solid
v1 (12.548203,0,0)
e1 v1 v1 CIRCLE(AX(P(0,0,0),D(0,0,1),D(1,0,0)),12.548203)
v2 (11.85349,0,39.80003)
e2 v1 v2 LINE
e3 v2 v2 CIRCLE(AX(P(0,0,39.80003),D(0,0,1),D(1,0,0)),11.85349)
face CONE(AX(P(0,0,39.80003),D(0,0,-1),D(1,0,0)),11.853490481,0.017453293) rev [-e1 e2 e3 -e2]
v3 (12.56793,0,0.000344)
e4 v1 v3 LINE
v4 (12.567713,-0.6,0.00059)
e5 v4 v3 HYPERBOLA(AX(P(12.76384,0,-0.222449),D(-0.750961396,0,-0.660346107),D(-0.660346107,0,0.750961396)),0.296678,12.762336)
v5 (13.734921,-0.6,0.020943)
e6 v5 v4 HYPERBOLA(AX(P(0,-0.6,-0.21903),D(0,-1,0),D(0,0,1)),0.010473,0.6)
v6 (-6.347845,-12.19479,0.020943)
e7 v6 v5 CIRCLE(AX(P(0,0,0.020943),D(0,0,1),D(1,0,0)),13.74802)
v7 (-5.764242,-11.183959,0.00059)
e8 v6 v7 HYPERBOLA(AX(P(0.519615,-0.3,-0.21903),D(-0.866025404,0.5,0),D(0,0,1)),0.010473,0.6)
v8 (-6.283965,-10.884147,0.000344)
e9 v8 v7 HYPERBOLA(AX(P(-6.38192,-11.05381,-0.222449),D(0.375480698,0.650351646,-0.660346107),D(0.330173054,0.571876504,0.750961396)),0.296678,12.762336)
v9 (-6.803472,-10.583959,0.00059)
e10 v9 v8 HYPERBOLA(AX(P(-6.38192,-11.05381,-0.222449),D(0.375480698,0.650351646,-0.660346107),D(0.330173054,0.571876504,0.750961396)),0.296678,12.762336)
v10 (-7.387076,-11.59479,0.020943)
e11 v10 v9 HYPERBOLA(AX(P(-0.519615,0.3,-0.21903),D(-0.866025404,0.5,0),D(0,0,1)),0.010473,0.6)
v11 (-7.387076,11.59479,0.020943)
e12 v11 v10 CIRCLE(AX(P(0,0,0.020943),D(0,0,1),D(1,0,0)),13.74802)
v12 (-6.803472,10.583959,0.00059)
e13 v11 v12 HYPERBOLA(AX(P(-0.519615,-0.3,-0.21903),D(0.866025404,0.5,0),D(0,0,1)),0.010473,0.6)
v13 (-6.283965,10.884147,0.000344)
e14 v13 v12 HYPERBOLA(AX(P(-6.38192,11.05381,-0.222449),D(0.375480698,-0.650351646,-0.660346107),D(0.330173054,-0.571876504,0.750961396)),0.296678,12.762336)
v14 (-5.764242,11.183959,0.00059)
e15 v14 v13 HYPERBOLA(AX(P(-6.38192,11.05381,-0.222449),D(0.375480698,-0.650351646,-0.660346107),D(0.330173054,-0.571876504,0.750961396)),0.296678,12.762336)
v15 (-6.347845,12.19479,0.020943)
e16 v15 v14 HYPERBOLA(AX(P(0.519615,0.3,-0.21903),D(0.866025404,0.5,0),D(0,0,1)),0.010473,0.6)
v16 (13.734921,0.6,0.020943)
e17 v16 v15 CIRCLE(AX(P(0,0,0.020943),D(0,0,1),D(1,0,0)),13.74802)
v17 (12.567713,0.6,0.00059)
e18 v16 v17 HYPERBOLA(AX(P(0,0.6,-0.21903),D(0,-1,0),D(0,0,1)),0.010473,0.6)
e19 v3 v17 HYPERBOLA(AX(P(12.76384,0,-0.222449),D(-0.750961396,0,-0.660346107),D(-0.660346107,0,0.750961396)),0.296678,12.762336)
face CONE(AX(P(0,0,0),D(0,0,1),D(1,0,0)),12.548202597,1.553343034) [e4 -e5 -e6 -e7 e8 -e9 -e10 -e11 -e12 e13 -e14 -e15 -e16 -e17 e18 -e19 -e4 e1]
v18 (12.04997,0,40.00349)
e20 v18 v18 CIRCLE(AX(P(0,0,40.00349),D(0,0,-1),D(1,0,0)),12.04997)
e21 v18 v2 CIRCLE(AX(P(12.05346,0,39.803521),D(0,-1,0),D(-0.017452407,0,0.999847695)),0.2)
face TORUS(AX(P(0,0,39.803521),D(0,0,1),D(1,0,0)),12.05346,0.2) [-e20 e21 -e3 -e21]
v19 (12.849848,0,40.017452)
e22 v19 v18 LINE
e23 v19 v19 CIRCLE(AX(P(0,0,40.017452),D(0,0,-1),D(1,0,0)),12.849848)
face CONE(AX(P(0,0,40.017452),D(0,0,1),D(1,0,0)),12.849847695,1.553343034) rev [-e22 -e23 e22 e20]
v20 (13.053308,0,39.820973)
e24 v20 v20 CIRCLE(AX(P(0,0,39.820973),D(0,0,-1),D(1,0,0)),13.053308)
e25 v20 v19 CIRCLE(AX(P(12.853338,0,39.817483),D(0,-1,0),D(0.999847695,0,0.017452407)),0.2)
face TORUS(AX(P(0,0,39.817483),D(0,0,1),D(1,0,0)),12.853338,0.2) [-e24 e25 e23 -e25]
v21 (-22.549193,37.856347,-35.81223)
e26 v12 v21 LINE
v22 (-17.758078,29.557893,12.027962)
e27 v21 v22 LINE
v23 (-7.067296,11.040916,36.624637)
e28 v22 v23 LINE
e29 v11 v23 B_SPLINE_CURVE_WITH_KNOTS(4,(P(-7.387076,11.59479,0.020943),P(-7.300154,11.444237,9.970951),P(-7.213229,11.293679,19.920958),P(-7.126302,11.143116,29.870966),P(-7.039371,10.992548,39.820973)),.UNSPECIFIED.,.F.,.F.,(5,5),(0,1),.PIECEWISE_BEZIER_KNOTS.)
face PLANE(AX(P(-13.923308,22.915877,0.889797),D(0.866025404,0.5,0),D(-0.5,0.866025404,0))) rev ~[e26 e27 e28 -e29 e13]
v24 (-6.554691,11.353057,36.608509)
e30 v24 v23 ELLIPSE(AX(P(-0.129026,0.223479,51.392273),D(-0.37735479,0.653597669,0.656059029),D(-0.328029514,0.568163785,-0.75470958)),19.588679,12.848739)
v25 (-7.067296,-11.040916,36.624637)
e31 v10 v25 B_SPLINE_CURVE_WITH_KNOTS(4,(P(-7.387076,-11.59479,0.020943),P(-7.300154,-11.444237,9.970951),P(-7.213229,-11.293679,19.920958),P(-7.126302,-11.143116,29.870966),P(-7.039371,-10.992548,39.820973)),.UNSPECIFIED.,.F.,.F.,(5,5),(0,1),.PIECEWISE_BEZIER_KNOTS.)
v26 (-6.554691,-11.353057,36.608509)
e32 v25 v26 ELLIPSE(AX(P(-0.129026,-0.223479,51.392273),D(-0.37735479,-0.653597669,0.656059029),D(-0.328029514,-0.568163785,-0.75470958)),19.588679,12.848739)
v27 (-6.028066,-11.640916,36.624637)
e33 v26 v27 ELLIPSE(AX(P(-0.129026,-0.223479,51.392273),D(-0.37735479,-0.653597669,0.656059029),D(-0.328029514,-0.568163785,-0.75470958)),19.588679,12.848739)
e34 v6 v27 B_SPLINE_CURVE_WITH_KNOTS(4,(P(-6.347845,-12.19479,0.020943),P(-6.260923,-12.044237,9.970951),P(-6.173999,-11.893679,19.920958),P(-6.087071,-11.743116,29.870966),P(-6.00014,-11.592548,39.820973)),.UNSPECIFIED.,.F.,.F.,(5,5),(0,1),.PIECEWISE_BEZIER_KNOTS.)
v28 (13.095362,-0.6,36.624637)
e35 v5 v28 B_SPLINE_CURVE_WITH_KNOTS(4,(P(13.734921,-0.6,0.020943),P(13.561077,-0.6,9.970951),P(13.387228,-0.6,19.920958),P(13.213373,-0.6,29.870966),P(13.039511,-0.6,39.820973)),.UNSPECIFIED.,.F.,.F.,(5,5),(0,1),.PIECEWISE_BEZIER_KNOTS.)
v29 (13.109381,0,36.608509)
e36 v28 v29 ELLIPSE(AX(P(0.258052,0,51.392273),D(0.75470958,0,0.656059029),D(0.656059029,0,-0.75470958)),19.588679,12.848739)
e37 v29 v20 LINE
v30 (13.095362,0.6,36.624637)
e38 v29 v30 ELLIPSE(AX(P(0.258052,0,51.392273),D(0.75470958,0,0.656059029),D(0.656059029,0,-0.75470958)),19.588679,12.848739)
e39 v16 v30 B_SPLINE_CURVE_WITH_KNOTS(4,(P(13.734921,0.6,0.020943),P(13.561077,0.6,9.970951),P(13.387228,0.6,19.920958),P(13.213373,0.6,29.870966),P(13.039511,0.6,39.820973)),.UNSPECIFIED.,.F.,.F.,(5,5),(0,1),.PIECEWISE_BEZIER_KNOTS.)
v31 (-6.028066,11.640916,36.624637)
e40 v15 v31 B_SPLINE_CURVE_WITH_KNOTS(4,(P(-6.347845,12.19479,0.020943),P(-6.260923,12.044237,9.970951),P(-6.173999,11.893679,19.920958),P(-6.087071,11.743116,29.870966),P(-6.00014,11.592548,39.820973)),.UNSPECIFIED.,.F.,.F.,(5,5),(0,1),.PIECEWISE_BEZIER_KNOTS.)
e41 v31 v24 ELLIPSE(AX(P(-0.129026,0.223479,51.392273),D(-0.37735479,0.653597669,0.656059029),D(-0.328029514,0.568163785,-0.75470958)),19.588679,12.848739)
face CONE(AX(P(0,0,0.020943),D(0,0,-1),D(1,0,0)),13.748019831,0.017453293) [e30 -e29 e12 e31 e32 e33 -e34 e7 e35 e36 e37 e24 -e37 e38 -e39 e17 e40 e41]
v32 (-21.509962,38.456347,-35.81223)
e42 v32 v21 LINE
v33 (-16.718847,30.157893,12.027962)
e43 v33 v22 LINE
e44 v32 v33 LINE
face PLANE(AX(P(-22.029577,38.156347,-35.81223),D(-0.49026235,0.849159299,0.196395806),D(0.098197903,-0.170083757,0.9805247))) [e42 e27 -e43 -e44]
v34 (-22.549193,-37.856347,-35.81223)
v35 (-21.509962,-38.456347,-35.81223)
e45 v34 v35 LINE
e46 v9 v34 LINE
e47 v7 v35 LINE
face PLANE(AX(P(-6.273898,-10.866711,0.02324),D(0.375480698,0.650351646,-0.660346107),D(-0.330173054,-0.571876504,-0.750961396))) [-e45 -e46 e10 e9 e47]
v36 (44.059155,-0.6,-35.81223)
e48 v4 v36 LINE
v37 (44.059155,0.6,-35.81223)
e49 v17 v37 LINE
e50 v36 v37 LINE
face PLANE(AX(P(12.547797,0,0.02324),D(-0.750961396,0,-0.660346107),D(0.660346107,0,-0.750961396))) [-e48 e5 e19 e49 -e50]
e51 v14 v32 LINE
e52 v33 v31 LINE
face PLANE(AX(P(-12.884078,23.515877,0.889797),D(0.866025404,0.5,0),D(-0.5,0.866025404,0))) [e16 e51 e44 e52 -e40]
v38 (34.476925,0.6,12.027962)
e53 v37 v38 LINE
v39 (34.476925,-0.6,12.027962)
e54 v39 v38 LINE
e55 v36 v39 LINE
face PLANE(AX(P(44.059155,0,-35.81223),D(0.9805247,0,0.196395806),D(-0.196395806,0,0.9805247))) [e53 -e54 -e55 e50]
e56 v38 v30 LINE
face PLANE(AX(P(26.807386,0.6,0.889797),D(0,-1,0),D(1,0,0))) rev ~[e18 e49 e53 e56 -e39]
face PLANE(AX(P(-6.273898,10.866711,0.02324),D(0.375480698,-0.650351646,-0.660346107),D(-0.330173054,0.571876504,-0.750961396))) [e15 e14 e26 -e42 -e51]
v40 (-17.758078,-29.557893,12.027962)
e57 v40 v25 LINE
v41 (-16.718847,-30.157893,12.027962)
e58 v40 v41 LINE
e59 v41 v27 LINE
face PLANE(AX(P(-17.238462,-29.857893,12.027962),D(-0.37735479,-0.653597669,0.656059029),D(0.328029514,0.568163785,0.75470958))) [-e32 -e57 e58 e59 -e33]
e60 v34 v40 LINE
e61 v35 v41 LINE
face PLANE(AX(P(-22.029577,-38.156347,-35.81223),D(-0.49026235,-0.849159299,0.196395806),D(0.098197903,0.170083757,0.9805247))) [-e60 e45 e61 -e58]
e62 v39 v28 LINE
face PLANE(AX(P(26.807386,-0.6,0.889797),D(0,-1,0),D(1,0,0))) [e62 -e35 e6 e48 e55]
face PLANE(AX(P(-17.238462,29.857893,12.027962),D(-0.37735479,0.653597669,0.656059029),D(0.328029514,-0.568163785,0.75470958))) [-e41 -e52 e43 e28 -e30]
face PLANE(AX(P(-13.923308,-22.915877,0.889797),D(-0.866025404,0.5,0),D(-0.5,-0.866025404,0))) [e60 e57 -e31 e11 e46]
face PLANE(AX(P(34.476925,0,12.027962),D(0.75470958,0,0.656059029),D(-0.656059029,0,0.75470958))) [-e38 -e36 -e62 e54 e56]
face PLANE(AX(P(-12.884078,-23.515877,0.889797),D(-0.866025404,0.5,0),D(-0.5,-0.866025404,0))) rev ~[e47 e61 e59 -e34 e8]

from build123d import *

# Parameters (mm, degrees)
F4_DEPTH = 0.6
F5_COUNT = 3


with BuildPart() as f2:
    # F1 (on Front) → F2 (revolve)
    with BuildSketch(Plane.XZ):
        with BuildLine():
            ThreePointArc((12.049969539, 40.0034904813), (11.9095920603, 39.9424526163), (11.8534904813, 39.800030461))
            Line((11.8534904813, 39.800030461), (12.5482025971, 0))
            Line((12.5482025971, 0), (13.7480198313, 0.0209428877))
            Line((13.7480198313, 0.0209428877), (13.0533077155, 39.8209733487))
            ThreePointArc((13.0533077155, 39.8209733487), (12.9922698505, 39.9613508275), (12.8498476952, 40.0174524064))
            Line((12.8498476952, 40.0174524064), (12.049969539, 40.0034904813))
        make_face()
    revolve(axis=Axis((0, 0, 20), (0, 0, 1)))

    # F3 (on Front) → F4 (join, symmetric)
    with BuildSketch(Plane.XZ):
        Polygon((34.4769248011, 12.0279620331), (11.884605497, 38.0174524064), (12.5477969416, 0.0232399905), (44.0591547085, -35.8122301865), align=None)
    extrude(amount=F4_DEPTH, both=True)

    # F5: F2 ×3 about axis
    f5_axis = Axis((0, 0, 20), (0, 0, 1))


with BuildPart() as f2_1:
    add(f2.part)
    for i in range(1, F5_COUNT):
        add(f2.part.rotate(f5_axis, i * 360 / F5_COUNT))


solid = f2_1.part
